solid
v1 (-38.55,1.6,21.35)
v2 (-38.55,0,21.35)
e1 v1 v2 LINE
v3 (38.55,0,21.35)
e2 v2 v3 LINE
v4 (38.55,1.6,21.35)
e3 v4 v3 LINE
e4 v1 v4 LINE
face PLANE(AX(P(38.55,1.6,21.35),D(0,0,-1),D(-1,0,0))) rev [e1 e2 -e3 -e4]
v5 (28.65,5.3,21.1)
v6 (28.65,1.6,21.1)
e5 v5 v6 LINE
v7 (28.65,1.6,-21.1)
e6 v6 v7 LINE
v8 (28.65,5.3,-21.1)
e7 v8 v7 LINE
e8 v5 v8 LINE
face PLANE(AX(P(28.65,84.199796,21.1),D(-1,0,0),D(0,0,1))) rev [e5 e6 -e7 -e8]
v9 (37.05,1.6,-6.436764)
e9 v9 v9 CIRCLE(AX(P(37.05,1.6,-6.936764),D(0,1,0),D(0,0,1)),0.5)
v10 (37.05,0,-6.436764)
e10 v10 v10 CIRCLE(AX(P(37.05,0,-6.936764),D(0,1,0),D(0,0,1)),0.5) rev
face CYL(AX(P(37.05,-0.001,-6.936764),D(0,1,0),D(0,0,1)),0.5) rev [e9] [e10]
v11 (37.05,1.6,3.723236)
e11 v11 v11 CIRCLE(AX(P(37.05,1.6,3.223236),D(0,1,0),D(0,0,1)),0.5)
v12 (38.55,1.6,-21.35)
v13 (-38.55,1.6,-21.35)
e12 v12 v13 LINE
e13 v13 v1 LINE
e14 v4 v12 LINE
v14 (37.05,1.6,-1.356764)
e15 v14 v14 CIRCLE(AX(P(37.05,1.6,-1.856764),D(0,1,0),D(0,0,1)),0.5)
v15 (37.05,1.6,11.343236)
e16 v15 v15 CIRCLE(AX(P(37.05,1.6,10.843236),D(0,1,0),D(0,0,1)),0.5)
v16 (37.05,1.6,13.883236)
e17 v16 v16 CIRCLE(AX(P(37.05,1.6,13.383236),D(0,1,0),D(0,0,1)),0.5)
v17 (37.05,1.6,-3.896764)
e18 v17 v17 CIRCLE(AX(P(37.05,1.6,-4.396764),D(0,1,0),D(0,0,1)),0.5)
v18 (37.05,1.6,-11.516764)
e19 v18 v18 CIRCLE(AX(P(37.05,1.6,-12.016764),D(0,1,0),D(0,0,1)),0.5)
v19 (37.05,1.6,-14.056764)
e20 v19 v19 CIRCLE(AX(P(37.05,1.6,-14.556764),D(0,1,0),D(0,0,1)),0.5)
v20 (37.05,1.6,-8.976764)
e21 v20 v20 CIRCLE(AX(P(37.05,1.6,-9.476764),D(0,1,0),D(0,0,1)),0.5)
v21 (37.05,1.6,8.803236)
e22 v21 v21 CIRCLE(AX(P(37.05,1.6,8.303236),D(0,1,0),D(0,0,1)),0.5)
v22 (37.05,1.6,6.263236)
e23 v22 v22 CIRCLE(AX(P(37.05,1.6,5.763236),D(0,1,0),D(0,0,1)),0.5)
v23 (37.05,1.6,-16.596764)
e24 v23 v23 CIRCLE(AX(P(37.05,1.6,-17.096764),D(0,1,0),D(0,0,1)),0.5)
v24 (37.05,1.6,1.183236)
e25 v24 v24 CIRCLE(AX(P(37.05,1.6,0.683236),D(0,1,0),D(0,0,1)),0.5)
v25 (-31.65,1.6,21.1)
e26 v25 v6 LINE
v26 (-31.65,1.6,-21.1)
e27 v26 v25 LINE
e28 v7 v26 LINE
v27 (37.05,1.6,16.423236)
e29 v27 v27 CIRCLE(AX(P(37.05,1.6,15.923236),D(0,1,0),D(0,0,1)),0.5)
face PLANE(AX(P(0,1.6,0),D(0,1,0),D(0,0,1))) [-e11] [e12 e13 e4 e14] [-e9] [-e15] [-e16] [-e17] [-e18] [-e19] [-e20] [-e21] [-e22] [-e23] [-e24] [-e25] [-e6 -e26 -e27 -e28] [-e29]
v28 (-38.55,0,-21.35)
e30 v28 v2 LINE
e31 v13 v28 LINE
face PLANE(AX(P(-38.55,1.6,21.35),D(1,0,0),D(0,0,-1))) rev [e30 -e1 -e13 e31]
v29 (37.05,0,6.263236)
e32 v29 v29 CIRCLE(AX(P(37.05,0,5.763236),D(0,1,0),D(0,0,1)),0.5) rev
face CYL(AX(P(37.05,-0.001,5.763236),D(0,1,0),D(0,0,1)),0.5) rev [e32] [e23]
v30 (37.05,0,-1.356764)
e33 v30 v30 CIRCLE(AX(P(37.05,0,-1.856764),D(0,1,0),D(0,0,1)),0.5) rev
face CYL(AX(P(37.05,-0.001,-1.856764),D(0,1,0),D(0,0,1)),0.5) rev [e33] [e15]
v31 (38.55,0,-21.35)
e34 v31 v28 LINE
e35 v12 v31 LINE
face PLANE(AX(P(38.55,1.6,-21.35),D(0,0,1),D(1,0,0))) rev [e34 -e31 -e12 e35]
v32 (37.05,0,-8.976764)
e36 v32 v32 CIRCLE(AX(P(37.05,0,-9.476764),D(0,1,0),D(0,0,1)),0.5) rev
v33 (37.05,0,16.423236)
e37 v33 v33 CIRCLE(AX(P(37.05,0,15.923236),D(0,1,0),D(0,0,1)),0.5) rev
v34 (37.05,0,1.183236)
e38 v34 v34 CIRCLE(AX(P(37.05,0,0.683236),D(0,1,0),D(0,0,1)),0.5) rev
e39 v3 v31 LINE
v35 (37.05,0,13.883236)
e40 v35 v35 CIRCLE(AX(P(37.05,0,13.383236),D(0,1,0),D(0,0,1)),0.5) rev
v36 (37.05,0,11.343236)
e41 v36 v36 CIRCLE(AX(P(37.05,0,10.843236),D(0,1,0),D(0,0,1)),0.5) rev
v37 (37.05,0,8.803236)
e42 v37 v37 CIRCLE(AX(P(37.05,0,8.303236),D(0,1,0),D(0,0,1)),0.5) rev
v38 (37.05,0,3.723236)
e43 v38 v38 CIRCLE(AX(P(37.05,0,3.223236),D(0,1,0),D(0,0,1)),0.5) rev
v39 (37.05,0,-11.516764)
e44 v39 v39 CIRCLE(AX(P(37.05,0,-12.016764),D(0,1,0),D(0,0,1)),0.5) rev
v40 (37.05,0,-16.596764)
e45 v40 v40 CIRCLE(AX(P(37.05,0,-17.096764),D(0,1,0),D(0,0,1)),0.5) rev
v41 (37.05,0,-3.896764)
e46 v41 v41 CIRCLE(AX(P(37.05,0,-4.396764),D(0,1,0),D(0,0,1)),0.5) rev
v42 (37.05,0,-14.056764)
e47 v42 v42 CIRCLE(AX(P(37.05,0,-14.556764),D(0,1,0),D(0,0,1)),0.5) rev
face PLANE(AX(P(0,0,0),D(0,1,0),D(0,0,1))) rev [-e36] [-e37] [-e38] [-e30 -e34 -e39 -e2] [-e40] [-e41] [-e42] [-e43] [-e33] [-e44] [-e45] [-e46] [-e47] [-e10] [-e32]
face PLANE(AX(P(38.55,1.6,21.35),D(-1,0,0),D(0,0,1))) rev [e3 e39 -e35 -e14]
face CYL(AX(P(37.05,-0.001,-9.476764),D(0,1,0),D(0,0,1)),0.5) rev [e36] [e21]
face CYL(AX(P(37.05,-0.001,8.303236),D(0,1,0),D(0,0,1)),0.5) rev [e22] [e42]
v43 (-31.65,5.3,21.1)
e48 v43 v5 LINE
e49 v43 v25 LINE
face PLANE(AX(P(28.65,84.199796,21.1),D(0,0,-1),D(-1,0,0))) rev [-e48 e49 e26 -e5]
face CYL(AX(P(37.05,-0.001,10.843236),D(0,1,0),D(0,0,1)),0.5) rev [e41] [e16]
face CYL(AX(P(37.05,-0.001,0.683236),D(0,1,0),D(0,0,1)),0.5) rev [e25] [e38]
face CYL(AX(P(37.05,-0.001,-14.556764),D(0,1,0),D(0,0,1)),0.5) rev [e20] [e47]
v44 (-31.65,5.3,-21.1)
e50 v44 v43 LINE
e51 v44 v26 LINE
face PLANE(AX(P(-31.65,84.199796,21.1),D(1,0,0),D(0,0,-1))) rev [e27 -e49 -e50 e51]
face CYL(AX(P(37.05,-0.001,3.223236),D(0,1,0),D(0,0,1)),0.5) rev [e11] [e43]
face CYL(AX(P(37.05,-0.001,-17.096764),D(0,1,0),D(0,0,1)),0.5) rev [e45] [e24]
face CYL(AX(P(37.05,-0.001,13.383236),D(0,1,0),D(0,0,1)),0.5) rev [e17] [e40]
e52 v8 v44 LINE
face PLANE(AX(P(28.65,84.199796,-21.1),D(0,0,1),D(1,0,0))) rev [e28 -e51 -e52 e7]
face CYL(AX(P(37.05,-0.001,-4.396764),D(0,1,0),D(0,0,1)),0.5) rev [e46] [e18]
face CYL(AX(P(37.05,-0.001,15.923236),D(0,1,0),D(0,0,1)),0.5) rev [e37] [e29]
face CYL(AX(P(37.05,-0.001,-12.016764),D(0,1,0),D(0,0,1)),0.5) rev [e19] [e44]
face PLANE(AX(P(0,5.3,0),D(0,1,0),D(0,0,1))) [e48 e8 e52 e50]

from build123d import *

# Parameters (mm, degrees)
CROQUIS1_W              = 77.1
CROQUIS1_H              = 42.7
SALIENTE_EXTRUIR1_DEPTH = 1.6
CROQUIS2_W              = 60.3
CROQUIS2_H              = 42.2
SALIENTE_EXTRUIR2_DEPTH = 3.7
CORTAR_EXTRUIR1_REACH   = 3.6
CROQUIS3_R              = 0.5


with BuildPart() as part:
    # Croquis1 → Saliente-Extruir1 (new body)
    with BuildSketch(Plane(origin=(0, 0, 0), x_dir=(1, 0, 0), z_dir=(0, 1, 0))):
        Rectangle(CROQUIS1_W, CROQUIS1_H)
    extrude(amount=SALIENTE_EXTRUIR1_DEPTH)

    # Croquis2 → Saliente-Extruir2 (add)
    with BuildSketch(Plane(origin=(0, 1.6, 0), x_dir=(1, 0, 0), z_dir=(0, 1, 0))):
        with Locations((-1.5, 0)):
            Rectangle(CROQUIS2_W, CROQUIS2_H)
    extrude(amount=SALIENTE_EXTRUIR2_DEPTH)

    # Croquis3 → Cortar-Extruir1 (cut, up to next)
    with BuildSketch(Plane(origin=(0, 1.6, 0), x_dir=(1, 0, 0), z_dir=(0, 1, 0)), mode=Mode.PRIVATE) as cortar_extruir1_sk1:
        with Locations((37.05, -15.923235508)):
            Circle(CROQUIS3_R)
    cortar_extruir1_tool1 = extrude(cortar_extruir1_sk1.sketch, amount=-CORTAR_EXTRUIR1_REACH, mode=Mode.PRIVATE) & part.part
    add(cortar_extruir1_tool1.solids().sort_by_distance((37.05, 1.6, 15.923236))[0], mode=Mode.SUBTRACT)
    # Croquis3 → Cortar-Extruir1 (cut, up to next)
    with BuildSketch(Plane(origin=(0, 1.6, 0), x_dir=(1, 0, 0), z_dir=(0, 1, 0)), mode=Mode.PRIVATE) as cortar_extruir1_sk2:
        with Locations((37.05, -13.383235508)):
            Circle(CROQUIS3_R)
    cortar_extruir1_tool2 = extrude(cortar_extruir1_sk2.sketch, amount=-CORTAR_EXTRUIR1_REACH, mode=Mode.PRIVATE) & part.part
    add(cortar_extruir1_tool2.solids().sort_by_distance((37.05, 1.6, 13.383236))[0], mode=Mode.SUBTRACT)
    # Croquis3 → Cortar-Extruir1 (cut, up to next)
    with BuildSketch(Plane(origin=(0, 1.6, 0), x_dir=(1, 0, 0), z_dir=(0, 1, 0)), mode=Mode.PRIVATE) as cortar_extruir1_sk3:
        with Locations((37.05, -10.843235508)):
            Circle(CROQUIS3_R)
    cortar_extruir1_tool3 = extrude(cortar_extruir1_sk3.sketch, amount=-CORTAR_EXTRUIR1_REACH, mode=Mode.PRIVATE) & part.part
    add(cortar_extruir1_tool3.solids().sort_by_distance((37.05, 1.6, 10.843236))[0], mode=Mode.SUBTRACT)
    # Croquis3 → Cortar-Extruir1 (cut, up to next)
    with BuildSketch(Plane(origin=(0, 1.6, 0), x_dir=(1, 0, 0), z_dir=(0, 1, 0)), mode=Mode.PRIVATE) as cortar_extruir1_sk4:
        with Locations((37.05, -8.303235508)):
            Circle(CROQUIS3_R)
    cortar_extruir1_tool4 = extrude(cortar_extruir1_sk4.sketch, amount=-CORTAR_EXTRUIR1_REACH, mode=Mode.PRIVATE) & part.part
    add(cortar_extruir1_tool4.solids().sort_by_distance((37.05, 1.6, 8.303236))[0], mode=Mode.SUBTRACT)
    # Croquis3 → Cortar-Extruir1 (cut, up to next)
    with BuildSketch(Plane(origin=(0, 1.6, 0), x_dir=(1, 0, 0), z_dir=(0, 1, 0)), mode=Mode.PRIVATE) as cortar_extruir1_sk5:
        with Locations((37.05, -5.763235508)):
            Circle(CROQUIS3_R)
    cortar_extruir1_tool5 = extrude(cortar_extruir1_sk5.sketch, amount=-CORTAR_EXTRUIR1_REACH, mode=Mode.PRIVATE) & part.part
    add(cortar_extruir1_tool5.solids().sort_by_distance((37.05, 1.6, 5.763236))[0], mode=Mode.SUBTRACT)
    # Croquis3 → Cortar-Extruir1 (cut, up to next)
    with BuildSketch(Plane(origin=(0, 1.6, 0), x_dir=(1, 0, 0), z_dir=(0, 1, 0)), mode=Mode.PRIVATE) as cortar_extruir1_sk6:
        with Locations((37.05, -3.223235508)):
            Circle(CROQUIS3_R)
    cortar_extruir1_tool6 = extrude(cortar_extruir1_sk6.sketch, amount=-CORTAR_EXTRUIR1_REACH, mode=Mode.PRIVATE) & part.part
    add(cortar_extruir1_tool6.solids().sort_by_distance((37.05, 1.6, 3.223236))[0], mode=Mode.SUBTRACT)
    # Croquis3 → Cortar-Extruir1 (cut, up to next)
    with BuildSketch(Plane(origin=(0, 1.6, 0), x_dir=(1, 0, 0), z_dir=(0, 1, 0)), mode=Mode.PRIVATE) as cortar_extruir1_sk7:
        with Locations((37.05, -0.683235508)):
            Circle(CROQUIS3_R)
    cortar_extruir1_tool7 = extrude(cortar_extruir1_sk7.sketch, amount=-CORTAR_EXTRUIR1_REACH, mode=Mode.PRIVATE) & part.part
    add(cortar_extruir1_tool7.solids().sort_by_distance((37.05, 1.6, 0.683236))[0], mode=Mode.SUBTRACT)
    # Croquis3 → Cortar-Extruir1 (cut, up to next)
    with BuildSketch(Plane(origin=(0, 1.6, 0), x_dir=(1, 0, 0), z_dir=(0, 1, 0)), mode=Mode.PRIVATE) as cortar_extruir1_sk8:
        with Locations((37.05, 1.856764492)):
            Circle(CROQUIS3_R)
    cortar_extruir1_tool8 = extrude(cortar_extruir1_sk8.sketch, amount=-CORTAR_EXTRUIR1_REACH, mode=Mode.PRIVATE) & part.part
    add(cortar_extruir1_tool8.solids().sort_by_distance((37.05, 1.6, -1.856764))[0], mode=Mode.SUBTRACT)
    # Croquis3 → Cortar-Extruir1 (cut, up to next)
    with BuildSketch(Plane(origin=(0, 1.6, 0), x_dir=(1, 0, 0), z_dir=(0, 1, 0)), mode=Mode.PRIVATE) as cortar_extruir1_sk9:
        with Locations((37.05, 4.396764492)):
            Circle(CROQUIS3_R)
    cortar_extruir1_tool9 = extrude(cortar_extruir1_sk9.sketch, amount=-CORTAR_EXTRUIR1_REACH, mode=Mode.PRIVATE) & part.part
    add(cortar_extruir1_tool9.solids().sort_by_distance((37.05, 1.6, -4.396764))[0], mode=Mode.SUBTRACT)
    # Croquis3 → Cortar-Extruir1 (cut, up to next)
    with BuildSketch(Plane(origin=(0, 1.6, 0), x_dir=(1, 0, 0), z_dir=(0, 1, 0)), mode=Mode.PRIVATE) as cortar_extruir1_sk10:
        with Locations((37.05, 6.936764492)):
            Circle(CROQUIS3_R)
    cortar_extruir1_tool10 = extrude(cortar_extruir1_sk10.sketch, amount=-CORTAR_EXTRUIR1_REACH, mode=Mode.PRIVATE) & part.part
    add(cortar_extruir1_tool10.solids().sort_by_distance((37.05, 1.6, -6.936764))[0], mode=Mode.SUBTRACT)
    # Croquis3 → Cortar-Extruir1 (cut, up to next)
    with BuildSketch(Plane(origin=(0, 1.6, 0), x_dir=(1, 0, 0), z_dir=(0, 1, 0)), mode=Mode.PRIVATE) as cortar_extruir1_sk11:
        with Locations((37.05, 9.476764492)):
            Circle(CROQUIS3_R)
    cortar_extruir1_tool11 = extrude(cortar_extruir1_sk11.sketch, amount=-CORTAR_EXTRUIR1_REACH, mode=Mode.PRIVATE) & part.part
    add(cortar_extruir1_tool11.solids().sort_by_distance((37.05, 1.6, -9.476764))[0], mode=Mode.SUBTRACT)
    # Croquis3 → Cortar-Extruir1 (cut, up to next)
    with BuildSketch(Plane(origin=(0, 1.6, 0), x_dir=(1, 0, 0), z_dir=(0, 1, 0)), mode=Mode.PRIVATE) as cortar_extruir1_sk12:
        with Locations((37.05, 12.016764492)):
            Circle(CROQUIS3_R)
    cortar_extruir1_tool12 = extrude(cortar_extruir1_sk12.sketch, amount=-CORTAR_EXTRUIR1_REACH, mode=Mode.PRIVATE) & part.part
    add(cortar_extruir1_tool12.solids().sort_by_distance((37.05, 1.6, -12.016764))[0], mode=Mode.SUBTRACT)
    # Croquis3 → Cortar-Extruir1 (cut, up to next)
    with BuildSketch(Plane(origin=(0, 1.6, 0), x_dir=(1, 0, 0), z_dir=(0, 1, 0)), mode=Mode.PRIVATE) as cortar_extruir1_sk13:
        with Locations((37.05, 14.556764492)):
            Circle(CROQUIS3_R)
    cortar_extruir1_tool13 = extrude(cortar_extruir1_sk13.sketch, amount=-CORTAR_EXTRUIR1_REACH, mode=Mode.PRIVATE) & part.part
    add(cortar_extruir1_tool13.solids().sort_by_distance((37.05, 1.6, -14.556764))[0], mode=Mode.SUBTRACT)
    # Croquis3 → Cortar-Extruir1 (cut, up to next)
    with BuildSketch(Plane(origin=(0, 1.6, 0), x_dir=(1, 0, 0), z_dir=(0, 1, 0)), mode=Mode.PRIVATE) as cortar_extruir1_sk14:
        with Locations((37.05, 17.096764492)):
            Circle(CROQUIS3_R)
    cortar_extruir1_tool14 = extrude(cortar_extruir1_sk14.sketch, amount=-CORTAR_EXTRUIR1_REACH, mode=Mode.PRIVATE) & part.part
    add(cortar_extruir1_tool14.solids().sort_by_distance((37.05, 1.6, -17.096764))[0], mode=Mode.SUBTRACT)


solid = part.part
